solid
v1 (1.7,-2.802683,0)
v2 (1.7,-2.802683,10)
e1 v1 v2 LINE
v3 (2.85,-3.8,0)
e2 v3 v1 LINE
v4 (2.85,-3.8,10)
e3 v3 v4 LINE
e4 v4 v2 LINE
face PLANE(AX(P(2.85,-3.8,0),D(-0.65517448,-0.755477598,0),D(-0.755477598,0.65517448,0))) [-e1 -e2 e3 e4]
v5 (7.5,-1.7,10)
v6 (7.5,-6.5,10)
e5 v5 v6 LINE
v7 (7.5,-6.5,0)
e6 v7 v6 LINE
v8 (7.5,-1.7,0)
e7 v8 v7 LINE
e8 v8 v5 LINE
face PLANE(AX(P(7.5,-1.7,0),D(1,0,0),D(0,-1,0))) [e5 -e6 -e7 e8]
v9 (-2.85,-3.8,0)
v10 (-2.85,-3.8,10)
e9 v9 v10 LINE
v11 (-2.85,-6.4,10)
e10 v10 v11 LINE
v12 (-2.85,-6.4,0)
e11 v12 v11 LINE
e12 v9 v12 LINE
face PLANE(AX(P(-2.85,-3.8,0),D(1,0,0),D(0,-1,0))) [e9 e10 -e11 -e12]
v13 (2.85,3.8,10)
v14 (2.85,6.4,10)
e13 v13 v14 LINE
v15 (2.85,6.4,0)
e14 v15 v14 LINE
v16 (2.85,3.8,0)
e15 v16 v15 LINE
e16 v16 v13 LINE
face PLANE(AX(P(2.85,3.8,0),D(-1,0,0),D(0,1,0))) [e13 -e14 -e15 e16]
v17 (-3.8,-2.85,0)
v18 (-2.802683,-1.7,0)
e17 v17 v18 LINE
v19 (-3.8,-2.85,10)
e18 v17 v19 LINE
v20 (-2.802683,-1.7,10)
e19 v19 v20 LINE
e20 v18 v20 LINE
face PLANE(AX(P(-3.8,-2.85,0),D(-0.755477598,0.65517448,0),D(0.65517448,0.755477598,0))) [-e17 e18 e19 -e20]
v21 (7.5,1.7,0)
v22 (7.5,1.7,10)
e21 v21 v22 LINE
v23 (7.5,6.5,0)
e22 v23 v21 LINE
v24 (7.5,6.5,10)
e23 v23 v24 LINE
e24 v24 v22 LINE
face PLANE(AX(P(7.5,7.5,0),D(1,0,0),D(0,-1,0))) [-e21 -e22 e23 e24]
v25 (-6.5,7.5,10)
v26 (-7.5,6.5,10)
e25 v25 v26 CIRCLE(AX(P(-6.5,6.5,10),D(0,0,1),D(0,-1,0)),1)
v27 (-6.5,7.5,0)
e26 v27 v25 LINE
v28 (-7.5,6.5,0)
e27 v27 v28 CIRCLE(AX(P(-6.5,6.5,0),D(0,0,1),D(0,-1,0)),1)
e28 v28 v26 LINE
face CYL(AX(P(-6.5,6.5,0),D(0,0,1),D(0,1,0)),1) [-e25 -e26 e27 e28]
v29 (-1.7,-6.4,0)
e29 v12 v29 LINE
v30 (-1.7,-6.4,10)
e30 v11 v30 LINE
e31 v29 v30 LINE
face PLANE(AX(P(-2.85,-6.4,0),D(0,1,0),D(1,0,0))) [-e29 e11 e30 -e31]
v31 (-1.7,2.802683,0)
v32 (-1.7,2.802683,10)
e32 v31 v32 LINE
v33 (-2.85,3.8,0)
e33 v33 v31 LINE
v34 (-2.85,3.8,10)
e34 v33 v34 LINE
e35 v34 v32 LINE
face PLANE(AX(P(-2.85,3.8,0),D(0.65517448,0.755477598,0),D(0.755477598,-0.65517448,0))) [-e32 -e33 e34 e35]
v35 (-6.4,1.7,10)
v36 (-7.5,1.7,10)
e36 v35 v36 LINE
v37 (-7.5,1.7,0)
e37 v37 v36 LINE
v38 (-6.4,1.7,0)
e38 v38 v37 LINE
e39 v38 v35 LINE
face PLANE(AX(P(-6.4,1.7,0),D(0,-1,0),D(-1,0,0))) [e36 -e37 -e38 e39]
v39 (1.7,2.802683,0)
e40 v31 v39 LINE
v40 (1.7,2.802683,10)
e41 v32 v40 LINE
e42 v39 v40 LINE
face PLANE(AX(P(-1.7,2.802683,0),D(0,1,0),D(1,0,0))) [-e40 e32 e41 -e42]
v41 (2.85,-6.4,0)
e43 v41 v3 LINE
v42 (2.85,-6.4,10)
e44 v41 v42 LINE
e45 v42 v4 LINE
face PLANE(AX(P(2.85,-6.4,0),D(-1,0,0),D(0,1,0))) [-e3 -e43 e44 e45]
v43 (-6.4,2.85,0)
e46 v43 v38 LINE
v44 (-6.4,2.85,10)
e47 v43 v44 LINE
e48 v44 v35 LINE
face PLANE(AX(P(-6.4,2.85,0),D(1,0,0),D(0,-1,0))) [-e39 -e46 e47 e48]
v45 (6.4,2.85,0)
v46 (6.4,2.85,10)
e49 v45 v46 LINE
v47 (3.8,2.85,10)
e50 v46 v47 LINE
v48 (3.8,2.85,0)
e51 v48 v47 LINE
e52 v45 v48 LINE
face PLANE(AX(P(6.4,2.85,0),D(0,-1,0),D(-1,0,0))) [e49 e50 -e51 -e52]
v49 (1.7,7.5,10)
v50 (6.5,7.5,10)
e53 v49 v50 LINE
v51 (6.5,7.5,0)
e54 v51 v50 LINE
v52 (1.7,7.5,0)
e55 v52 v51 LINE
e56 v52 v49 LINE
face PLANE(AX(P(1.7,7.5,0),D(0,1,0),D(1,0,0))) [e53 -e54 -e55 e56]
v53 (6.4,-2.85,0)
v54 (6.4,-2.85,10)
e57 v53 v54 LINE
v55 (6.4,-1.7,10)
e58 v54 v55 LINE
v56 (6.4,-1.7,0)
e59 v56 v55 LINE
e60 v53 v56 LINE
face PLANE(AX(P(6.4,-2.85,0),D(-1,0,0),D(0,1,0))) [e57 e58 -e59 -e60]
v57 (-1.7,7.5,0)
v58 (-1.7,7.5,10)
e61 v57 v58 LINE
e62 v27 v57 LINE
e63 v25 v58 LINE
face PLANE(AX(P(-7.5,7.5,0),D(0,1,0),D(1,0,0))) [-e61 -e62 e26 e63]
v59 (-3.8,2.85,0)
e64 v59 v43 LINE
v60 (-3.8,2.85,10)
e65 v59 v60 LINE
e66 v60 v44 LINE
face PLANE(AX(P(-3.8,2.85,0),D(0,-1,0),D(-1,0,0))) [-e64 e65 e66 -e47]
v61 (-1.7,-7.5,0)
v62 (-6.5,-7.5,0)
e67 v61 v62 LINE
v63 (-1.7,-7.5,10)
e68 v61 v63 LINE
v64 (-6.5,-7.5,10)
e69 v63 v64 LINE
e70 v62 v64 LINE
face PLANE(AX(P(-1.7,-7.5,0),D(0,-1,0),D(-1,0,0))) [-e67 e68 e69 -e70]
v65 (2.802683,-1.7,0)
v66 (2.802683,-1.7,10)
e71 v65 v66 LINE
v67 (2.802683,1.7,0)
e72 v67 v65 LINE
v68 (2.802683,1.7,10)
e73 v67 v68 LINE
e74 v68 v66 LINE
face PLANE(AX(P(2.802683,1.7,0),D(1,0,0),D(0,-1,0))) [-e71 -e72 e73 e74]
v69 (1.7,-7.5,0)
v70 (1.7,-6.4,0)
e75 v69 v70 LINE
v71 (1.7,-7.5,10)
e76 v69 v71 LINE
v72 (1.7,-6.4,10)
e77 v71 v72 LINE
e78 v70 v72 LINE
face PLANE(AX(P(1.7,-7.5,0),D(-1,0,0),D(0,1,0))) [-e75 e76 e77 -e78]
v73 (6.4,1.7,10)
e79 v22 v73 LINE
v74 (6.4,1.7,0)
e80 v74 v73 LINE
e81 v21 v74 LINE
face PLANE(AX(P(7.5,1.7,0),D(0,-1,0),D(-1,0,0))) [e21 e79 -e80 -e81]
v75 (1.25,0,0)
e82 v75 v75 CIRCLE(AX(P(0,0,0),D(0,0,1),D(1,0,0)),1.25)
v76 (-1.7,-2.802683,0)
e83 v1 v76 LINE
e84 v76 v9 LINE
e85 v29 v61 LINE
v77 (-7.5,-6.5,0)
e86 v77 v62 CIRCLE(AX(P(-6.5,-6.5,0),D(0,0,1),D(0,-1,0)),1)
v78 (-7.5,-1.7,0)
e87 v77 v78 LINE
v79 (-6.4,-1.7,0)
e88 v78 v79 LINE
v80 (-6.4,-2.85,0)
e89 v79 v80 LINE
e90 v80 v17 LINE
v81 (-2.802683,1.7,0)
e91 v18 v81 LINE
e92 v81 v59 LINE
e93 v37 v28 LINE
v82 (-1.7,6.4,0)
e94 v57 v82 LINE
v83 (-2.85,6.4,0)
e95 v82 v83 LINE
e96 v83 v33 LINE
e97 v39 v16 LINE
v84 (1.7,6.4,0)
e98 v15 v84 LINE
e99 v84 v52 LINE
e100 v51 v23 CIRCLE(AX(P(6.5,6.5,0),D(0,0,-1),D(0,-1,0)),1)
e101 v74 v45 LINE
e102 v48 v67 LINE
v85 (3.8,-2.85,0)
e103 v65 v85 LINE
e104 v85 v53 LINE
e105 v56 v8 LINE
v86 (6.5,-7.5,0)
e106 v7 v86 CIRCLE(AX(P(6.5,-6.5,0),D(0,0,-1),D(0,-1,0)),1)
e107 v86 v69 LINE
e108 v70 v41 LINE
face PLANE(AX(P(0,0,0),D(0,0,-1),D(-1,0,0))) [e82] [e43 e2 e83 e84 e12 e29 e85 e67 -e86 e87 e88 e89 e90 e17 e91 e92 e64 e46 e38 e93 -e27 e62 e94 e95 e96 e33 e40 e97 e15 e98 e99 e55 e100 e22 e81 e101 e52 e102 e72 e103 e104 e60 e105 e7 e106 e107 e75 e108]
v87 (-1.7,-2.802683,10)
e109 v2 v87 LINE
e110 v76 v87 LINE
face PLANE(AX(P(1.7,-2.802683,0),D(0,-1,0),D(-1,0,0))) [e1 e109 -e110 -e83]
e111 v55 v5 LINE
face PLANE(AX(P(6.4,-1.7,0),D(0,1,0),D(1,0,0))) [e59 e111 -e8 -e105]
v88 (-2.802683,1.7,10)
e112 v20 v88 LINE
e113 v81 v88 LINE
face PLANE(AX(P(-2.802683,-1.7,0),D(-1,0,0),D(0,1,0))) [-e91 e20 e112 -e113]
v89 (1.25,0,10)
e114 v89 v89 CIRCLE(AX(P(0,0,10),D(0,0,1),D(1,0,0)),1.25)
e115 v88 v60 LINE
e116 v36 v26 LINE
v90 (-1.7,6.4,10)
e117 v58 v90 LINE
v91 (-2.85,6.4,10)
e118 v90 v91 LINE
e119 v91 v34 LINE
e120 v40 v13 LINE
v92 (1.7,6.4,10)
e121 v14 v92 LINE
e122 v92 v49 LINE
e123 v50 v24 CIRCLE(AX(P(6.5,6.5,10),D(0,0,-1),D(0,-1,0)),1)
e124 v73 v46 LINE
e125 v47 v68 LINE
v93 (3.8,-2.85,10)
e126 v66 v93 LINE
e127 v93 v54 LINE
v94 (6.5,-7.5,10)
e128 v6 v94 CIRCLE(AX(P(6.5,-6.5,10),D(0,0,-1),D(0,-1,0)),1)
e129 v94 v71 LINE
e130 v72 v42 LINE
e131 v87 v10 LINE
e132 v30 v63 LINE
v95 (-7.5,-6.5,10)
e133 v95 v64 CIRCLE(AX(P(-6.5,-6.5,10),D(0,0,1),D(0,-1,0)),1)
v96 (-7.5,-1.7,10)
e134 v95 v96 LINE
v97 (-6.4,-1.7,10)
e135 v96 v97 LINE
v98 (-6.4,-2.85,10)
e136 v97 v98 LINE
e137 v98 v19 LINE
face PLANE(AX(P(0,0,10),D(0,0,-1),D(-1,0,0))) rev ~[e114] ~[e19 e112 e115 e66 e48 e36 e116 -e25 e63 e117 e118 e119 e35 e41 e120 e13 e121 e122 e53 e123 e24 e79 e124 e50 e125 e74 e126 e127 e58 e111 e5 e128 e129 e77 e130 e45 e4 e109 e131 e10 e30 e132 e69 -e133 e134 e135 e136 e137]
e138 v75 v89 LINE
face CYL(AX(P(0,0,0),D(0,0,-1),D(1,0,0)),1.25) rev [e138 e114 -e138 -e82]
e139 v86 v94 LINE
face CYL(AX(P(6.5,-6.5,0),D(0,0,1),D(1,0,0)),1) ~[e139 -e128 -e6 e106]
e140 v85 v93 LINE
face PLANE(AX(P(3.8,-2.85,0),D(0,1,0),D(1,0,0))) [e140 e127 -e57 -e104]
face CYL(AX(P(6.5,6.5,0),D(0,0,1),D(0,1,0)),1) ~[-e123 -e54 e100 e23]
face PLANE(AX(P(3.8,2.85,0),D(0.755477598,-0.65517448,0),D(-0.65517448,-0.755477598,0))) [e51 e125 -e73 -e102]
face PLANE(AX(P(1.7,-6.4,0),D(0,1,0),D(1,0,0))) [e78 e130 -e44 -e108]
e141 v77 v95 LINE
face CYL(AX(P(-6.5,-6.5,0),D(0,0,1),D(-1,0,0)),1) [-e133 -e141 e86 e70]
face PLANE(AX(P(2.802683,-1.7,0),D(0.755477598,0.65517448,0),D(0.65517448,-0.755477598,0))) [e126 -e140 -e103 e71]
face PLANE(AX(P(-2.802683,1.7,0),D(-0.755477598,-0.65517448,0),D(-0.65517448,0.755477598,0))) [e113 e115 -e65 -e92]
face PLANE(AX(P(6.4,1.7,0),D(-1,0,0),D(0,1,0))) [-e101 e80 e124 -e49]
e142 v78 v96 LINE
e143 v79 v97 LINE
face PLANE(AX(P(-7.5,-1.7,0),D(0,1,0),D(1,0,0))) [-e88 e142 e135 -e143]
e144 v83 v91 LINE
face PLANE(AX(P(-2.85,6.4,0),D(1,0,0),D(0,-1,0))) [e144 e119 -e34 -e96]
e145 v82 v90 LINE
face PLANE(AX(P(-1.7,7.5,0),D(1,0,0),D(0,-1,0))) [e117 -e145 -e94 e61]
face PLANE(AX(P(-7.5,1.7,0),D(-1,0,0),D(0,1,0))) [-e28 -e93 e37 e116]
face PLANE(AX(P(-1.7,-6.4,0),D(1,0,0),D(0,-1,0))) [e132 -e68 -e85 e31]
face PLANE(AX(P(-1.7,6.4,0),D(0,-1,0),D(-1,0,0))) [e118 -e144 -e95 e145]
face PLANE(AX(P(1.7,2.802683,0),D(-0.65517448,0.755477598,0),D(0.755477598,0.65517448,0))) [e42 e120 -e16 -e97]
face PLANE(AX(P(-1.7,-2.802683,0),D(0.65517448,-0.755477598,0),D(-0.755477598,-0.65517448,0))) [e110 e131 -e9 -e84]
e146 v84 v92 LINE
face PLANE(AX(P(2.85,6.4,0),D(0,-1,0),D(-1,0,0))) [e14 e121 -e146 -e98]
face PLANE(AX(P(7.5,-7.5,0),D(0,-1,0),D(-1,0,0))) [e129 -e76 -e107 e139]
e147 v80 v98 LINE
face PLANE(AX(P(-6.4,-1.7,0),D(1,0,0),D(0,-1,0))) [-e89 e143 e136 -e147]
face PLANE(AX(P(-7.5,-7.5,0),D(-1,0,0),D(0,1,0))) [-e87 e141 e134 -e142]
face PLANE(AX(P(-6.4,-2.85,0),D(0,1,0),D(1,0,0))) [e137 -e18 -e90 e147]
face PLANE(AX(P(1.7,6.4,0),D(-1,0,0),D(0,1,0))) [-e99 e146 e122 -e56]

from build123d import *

# Parameters (mm, degrees)
SKETCH_R  = 1.25
PAD_DEPTH = 10
FILLET_R  = 1


with BuildPart() as part:
    # Sketch → Pad (new body)
    with BuildSketch(Plane.XY):
        Polygon((-7.5, 7.5), (-1.7, 7.5), (-1.7, 6.4), (-2.85, 6.4), (-2.85, 3.8), (-1.7, 2.802683), (1.7, 2.802683), (2.85, 3.8), (2.85, 6.4), (1.7, 6.4), (1.7, 7.5), (7.5, 7.5), (7.5, 1.7), (6.4, 1.7), (6.4, 2.85), (3.8, 2.85), (2.802683, 1.7), (2.802683, -1.7), (3.8, -2.85), (6.4, -2.85), (6.4, -1.7), (7.5, -1.7), (7.5, -7.5), (1.7, -7.5), (1.7, -6.4), (2.85, -6.4), (2.85, -3.8), (1.7, -2.802683), (-1.7, -2.802683), (-2.85, -3.8), (-2.85, -6.4), (-1.7, -6.4), (-1.7, -7.5), (-7.5, -7.5), (-7.5, -1.7), (-6.4, -1.7), (-6.4, -2.85), (-3.8, -2.85), (-2.802683, -1.7), (-2.802683, 1.7), (-3.8, 2.85), (-6.4, 2.85), (-6.4, 1.7), (-7.5, 1.7), align=None)
        Circle(SKETCH_R, mode=Mode.SUBTRACT)
    extrude(amount=PAD_DEPTH)

    # Fillet
    fillet_edges = [part.edges().sort_by_distance(p)[0] for p in [
        (-7.5, -7.5, 5),
        (7.5, -7.5, 5),
        (7.5, 7.5, 5),
        (-7.5, 7.5, 5),
    ]]
    fillet(fillet_edges, radius=FILLET_R)


solid = part.part
